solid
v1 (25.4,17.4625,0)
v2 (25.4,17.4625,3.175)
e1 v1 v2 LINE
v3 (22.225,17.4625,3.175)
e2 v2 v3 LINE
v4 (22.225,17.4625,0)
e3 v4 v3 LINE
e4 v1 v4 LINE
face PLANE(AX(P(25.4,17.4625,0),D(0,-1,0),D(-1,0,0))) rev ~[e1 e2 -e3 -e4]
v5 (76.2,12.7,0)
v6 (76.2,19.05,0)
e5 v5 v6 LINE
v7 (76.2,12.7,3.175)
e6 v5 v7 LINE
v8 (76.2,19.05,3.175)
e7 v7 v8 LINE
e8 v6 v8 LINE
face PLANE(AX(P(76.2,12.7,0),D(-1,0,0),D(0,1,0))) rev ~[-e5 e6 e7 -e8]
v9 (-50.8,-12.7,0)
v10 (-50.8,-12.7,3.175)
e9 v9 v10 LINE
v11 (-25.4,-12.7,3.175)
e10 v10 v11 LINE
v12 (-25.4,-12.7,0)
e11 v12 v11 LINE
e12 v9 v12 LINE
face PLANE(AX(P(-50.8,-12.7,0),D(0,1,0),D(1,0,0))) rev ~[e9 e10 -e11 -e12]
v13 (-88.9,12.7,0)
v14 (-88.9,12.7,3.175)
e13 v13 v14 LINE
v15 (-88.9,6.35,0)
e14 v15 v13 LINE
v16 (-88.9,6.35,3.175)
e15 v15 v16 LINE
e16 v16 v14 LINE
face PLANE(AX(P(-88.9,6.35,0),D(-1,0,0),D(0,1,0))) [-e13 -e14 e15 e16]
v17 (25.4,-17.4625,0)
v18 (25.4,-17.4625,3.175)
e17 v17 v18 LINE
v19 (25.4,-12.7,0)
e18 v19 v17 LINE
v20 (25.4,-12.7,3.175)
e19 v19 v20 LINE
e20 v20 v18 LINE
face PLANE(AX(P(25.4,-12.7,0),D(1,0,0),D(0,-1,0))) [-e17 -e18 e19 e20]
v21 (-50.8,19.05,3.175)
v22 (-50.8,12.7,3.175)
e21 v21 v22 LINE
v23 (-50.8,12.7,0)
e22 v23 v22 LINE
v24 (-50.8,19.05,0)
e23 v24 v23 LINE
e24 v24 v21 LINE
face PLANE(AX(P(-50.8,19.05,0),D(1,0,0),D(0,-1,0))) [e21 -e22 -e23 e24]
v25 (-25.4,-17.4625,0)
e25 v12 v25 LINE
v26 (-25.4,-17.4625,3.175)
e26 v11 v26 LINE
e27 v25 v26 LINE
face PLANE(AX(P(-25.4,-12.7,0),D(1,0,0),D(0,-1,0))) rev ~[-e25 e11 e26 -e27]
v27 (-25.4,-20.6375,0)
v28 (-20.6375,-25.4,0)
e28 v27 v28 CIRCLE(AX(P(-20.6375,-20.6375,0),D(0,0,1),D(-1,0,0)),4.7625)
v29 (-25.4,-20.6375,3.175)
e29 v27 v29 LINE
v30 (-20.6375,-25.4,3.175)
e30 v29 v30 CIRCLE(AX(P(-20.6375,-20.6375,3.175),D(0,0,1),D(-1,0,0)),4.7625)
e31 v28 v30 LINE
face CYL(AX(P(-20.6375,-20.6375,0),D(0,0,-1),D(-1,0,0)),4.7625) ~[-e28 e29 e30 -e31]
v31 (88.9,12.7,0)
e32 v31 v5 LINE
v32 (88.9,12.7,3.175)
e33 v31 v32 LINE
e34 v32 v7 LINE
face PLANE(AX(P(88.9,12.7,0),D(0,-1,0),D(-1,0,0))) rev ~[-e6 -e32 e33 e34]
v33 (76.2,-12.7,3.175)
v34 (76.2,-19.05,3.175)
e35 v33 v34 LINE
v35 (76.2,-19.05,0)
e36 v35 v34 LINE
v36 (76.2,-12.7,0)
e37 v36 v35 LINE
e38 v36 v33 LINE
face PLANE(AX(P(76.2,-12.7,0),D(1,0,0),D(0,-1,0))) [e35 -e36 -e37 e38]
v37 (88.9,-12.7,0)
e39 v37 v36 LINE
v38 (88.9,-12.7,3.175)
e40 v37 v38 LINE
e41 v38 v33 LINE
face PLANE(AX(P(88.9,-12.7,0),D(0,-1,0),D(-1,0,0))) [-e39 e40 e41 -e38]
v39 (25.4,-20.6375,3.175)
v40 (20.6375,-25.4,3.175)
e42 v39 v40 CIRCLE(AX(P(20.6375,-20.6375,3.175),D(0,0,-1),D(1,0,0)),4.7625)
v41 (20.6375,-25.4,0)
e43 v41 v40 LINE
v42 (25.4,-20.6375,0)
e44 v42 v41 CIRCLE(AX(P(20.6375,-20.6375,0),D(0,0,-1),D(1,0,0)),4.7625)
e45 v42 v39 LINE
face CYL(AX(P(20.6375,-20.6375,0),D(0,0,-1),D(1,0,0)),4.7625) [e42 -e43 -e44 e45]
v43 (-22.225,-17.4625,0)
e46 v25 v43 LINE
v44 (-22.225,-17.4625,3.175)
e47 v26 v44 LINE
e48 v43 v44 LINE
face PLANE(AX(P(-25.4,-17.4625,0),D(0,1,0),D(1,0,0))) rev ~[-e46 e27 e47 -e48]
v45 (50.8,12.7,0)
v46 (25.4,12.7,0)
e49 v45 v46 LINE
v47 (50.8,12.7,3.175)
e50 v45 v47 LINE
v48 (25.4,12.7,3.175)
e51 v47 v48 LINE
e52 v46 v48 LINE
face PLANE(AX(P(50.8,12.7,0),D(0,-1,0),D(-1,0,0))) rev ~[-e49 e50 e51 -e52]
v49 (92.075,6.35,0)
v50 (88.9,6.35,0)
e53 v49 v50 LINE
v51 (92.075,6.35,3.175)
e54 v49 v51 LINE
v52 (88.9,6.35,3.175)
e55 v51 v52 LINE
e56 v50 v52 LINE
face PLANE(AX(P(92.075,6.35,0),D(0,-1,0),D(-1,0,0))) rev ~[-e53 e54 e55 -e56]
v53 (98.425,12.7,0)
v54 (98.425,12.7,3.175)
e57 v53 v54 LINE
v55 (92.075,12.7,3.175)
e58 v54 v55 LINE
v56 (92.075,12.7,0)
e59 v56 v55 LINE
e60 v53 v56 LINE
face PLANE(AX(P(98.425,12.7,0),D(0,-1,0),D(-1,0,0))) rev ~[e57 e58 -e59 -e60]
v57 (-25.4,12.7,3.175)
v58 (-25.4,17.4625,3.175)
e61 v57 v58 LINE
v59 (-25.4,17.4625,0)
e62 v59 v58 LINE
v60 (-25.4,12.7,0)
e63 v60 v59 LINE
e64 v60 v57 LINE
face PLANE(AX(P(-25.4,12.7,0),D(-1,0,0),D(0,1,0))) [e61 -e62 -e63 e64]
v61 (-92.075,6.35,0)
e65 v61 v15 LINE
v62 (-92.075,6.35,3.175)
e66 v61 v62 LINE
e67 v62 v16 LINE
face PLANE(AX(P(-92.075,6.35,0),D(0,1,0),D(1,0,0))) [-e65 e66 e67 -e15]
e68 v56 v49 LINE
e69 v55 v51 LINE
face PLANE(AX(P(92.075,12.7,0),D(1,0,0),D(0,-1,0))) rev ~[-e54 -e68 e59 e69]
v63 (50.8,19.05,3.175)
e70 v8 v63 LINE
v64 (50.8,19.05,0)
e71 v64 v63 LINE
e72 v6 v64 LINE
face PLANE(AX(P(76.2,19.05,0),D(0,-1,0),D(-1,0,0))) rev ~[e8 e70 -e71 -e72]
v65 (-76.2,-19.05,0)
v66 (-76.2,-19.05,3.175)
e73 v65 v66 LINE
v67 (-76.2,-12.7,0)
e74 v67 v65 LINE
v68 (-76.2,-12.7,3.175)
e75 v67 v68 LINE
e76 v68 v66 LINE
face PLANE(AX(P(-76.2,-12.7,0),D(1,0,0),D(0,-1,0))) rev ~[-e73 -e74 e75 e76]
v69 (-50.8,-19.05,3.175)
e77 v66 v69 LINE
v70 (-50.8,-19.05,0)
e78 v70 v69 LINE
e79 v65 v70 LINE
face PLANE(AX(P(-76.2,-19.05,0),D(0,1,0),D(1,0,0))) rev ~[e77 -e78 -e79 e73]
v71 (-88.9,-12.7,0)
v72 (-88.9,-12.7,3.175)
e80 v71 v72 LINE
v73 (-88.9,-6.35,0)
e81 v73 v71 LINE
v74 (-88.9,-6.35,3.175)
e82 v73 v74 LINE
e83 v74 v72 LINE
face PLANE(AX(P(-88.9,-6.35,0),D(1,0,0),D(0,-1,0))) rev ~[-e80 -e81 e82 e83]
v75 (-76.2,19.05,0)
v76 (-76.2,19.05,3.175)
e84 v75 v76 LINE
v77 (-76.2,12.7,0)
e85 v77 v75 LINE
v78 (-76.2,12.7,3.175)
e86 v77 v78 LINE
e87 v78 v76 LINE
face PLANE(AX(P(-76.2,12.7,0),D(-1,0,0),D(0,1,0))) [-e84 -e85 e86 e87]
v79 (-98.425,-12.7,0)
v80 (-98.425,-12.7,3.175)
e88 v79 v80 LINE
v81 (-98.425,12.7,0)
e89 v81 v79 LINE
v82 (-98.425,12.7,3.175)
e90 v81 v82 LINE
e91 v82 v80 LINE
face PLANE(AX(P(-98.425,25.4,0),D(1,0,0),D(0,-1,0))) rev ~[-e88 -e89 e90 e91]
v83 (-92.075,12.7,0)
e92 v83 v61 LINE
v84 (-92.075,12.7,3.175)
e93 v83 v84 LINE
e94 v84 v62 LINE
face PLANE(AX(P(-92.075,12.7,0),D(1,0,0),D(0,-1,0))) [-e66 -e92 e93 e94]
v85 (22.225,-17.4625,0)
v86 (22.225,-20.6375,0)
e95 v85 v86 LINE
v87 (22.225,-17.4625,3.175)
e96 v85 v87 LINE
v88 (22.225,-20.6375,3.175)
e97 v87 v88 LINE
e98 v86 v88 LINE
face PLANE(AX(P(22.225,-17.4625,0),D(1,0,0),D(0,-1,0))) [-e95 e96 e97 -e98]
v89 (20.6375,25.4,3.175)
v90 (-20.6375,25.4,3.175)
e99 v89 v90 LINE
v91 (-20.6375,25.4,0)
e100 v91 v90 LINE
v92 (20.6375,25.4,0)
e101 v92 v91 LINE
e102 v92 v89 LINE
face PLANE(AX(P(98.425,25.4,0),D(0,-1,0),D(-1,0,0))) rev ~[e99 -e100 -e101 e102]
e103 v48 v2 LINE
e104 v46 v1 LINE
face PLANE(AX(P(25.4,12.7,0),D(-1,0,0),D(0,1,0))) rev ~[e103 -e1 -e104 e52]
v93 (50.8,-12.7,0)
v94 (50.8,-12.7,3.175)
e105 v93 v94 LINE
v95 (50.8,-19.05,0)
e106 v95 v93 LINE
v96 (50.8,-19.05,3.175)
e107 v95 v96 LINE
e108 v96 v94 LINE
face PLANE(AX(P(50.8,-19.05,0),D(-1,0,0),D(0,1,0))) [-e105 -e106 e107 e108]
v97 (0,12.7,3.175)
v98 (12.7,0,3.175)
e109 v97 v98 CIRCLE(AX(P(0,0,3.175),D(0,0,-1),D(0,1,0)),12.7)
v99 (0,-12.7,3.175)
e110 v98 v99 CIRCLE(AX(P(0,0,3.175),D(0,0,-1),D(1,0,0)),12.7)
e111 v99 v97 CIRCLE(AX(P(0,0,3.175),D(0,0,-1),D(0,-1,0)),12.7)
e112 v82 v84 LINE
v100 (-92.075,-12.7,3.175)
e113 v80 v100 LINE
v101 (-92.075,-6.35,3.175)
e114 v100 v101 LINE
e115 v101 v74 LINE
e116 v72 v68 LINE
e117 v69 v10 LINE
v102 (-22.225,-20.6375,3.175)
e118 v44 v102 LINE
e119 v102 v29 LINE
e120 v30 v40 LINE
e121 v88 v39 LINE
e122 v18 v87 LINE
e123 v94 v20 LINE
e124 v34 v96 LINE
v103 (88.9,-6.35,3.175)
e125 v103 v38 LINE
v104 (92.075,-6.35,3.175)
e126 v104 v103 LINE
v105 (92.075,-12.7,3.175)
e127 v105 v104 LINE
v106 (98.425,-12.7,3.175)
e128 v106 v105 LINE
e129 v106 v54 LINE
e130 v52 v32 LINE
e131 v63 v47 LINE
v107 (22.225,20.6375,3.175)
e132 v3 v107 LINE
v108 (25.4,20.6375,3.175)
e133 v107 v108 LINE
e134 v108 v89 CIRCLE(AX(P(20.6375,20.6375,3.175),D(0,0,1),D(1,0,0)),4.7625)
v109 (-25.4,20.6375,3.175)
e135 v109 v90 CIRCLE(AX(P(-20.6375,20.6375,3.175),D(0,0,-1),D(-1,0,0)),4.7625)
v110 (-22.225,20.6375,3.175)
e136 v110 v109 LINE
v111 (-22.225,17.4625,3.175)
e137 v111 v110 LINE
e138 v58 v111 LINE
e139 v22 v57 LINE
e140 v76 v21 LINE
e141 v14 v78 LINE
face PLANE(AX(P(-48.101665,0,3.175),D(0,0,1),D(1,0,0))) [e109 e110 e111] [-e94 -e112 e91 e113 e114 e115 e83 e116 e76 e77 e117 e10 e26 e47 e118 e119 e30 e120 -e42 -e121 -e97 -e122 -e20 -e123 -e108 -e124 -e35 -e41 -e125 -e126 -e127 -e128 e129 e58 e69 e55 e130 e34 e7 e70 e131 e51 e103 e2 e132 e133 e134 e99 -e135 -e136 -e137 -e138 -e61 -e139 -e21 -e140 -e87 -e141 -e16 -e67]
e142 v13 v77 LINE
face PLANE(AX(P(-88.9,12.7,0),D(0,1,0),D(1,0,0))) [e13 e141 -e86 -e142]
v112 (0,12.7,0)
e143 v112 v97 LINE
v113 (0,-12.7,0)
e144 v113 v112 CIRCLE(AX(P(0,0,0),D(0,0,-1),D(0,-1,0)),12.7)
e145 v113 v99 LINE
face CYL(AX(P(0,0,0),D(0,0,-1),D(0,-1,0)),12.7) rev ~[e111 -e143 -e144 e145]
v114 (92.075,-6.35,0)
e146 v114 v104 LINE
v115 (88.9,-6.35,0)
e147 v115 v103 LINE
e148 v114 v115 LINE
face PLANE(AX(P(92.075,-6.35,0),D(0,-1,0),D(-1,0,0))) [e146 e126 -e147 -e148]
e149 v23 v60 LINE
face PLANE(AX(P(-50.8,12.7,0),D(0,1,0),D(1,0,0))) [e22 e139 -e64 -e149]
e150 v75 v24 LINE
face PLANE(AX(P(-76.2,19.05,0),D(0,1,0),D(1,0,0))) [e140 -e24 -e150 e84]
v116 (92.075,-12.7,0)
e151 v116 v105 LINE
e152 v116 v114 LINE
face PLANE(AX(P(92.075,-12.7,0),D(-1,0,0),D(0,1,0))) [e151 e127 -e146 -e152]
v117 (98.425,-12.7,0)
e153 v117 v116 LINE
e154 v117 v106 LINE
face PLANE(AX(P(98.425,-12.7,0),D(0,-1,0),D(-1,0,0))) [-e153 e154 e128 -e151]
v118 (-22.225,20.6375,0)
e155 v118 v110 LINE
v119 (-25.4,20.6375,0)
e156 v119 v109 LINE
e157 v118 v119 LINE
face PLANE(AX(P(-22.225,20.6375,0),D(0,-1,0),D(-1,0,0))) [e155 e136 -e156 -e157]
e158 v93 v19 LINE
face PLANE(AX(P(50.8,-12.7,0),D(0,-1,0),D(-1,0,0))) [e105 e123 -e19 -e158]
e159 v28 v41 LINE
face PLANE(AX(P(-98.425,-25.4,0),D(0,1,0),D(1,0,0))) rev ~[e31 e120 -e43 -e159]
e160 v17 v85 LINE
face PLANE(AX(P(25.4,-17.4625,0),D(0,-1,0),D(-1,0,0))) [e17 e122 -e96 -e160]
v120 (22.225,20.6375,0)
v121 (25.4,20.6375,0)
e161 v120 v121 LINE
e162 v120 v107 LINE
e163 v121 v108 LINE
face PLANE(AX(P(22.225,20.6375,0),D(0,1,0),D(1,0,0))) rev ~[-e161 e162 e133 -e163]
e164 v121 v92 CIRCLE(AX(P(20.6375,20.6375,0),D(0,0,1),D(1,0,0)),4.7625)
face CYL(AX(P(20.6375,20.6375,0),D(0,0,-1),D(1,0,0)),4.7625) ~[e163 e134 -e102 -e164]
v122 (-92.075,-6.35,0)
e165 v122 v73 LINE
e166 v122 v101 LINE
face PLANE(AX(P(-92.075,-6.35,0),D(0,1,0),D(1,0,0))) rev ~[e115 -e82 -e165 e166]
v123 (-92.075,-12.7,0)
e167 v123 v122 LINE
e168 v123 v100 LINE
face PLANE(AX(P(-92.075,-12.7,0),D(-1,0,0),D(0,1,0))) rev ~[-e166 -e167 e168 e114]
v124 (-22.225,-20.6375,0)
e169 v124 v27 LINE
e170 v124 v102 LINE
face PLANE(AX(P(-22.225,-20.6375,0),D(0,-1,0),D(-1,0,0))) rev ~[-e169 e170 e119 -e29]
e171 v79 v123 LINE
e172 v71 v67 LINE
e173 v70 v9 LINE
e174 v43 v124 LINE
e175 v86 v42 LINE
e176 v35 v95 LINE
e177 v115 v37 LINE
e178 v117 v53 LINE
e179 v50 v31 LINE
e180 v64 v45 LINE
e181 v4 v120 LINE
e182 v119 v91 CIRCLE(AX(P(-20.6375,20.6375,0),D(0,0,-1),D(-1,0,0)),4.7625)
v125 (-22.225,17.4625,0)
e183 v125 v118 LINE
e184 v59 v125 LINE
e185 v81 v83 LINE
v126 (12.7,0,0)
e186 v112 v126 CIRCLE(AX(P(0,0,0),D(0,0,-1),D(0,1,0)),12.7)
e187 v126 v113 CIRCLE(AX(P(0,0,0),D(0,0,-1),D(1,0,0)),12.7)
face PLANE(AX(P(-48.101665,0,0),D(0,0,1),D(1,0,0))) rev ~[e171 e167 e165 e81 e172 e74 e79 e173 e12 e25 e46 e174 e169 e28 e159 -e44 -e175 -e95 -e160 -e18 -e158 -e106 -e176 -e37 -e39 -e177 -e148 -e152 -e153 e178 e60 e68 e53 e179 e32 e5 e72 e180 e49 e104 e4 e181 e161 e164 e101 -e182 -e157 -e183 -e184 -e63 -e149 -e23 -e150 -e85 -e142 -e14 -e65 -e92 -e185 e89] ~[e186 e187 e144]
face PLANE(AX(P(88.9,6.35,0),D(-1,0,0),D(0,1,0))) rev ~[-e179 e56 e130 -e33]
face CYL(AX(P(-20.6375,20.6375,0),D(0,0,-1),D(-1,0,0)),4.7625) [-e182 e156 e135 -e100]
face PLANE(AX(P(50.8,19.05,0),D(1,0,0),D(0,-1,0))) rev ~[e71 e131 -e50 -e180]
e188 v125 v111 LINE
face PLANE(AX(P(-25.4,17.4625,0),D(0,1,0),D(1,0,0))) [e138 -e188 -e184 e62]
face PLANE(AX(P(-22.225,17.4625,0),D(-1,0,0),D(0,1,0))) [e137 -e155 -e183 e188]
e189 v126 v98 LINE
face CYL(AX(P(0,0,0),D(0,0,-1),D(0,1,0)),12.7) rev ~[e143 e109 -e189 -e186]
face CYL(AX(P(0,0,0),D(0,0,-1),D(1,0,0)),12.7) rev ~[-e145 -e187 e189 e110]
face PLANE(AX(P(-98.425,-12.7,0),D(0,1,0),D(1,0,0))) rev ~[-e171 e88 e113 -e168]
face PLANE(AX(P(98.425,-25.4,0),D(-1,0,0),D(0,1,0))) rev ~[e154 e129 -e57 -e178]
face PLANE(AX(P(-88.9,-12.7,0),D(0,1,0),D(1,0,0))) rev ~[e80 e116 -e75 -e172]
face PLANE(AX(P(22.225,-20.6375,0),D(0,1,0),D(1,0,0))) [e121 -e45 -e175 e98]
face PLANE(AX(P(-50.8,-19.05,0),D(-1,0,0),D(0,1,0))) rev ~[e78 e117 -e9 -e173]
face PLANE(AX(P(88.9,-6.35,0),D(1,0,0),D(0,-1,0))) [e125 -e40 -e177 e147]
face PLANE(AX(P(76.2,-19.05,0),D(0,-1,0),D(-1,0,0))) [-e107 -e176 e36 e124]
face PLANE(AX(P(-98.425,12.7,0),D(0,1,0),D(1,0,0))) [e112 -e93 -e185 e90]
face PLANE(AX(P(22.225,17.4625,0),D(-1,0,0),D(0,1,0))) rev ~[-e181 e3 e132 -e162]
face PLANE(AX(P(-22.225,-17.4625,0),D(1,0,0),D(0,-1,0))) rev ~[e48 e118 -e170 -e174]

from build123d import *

# Parameters (mm, degrees)
BOSS_EXTRUDE1_DEPTH = 3.175
CUT_EXTRUDE3_DEPTH  = 3.175


with BuildPart() as part:
    # Sketch2 → Boss-Extrude1 (new body)
    with BuildSketch(Plane.XY):
        with BuildLine():
            Line((0, 12.7), (0, 25.4))
            Line((0, 25.4), (-98.425, 25.4))
            Line((-98.425, 25.4), (-98.425, -25.4))
            Line((-98.425, -25.4), (0, -25.4))
            Line((0, -25.4), (0, -12.7))
            ThreePointArc((0, -12.7), (-12.7, 0), (0, 12.7))
        make_face()
        with BuildLine():
            Line((98.425, 25.4), (0, 25.4))
            Line((0, 25.4), (0, 12.7))
            ThreePointArc((0, 12.7), (8.980256121, 8.980256121), (12.7, 0))
            ThreePointArc((12.7, 0), (8.980256121, -8.980256121), (0, -12.7))
            Line((0, -12.7), (0, -25.4))
            Line((0, -25.4), (98.425, -25.4))
            Line((98.425, -25.4), (98.425, 25.4))
        make_face()
    extrude(amount=BOSS_EXTRUDE1_DEPTH)

    # Sketch6 → Cut-Extrude3 (cut)
    with BuildSketch(Plane.XY):
        with BuildLine():
            Line((-22.225, 20.6375), (-25.4, 20.6375))
            ThreePointArc((-25.4, 20.6375), (-24.005096045, 24.005096045), (-20.6375, 25.4))
            Line((-20.6375, 25.4), (-25.4, 25.4))
            Line((-25.4, 25.4), (-98.425, 25.4))
            Line((-98.425, 25.4), (-98.425, 12.7))
            Line((-98.425, 12.7), (-92.075, 12.7))
            Line((-92.075, 12.7), (-92.075, 6.35))
            Line((-92.075, 6.35), (-88.9, 6.35))
            Line((-88.9, 6.35), (-88.9, 12.7))
            Line((-88.9, 12.7), (-76.2, 12.7))
            Line((-76.2, 12.7), (-76.2, 19.05))
            Line((-76.2, 19.05), (-50.8, 19.05))
            Line((-50.8, 19.05), (-50.8, 12.7))
            Line((-50.8, 12.7), (-25.4, 12.7))
            Line((-25.4, 12.7), (-25.4, 17.4625))
            Line((-25.4, 17.4625), (-22.225, 17.4625))
            Line((-22.225, 17.4625), (-22.225, 20.6375))
        make_face()
        with BuildLine():
            ThreePointArc((25.4, 20.6375), (24.005096045, 24.005096045), (20.6375, 25.4))
            Line((20.6375, 25.4), (25.4, 25.4))
            Line((25.4, 25.4), (98.425, 25.4))
            Line((98.425, 25.4), (98.425, 12.7))
            Line((98.425, 12.7), (92.075, 12.7))
            Line((92.075, 12.7), (92.075, 6.35))
            Line((92.075, 6.35), (88.9, 6.35))
            Line((88.9, 6.35), (88.9, 12.7))
            Line((88.9, 12.7), (76.2, 12.7))
            Line((76.2, 12.7), (76.2, 19.05))
            Line((76.2, 19.05), (50.8, 19.05))
            Line((50.8, 19.05), (50.8, 12.7))
            Line((50.8, 12.7), (25.4, 12.7))
            Line((25.4, 12.7), (25.4, 17.4625))
            Line((25.4, 17.4625), (22.225, 17.4625))
            Line((22.225, 17.4625), (22.225, 20.6375))
            Line((22.225, 20.6375), (25.4, 20.6375))
        make_face()
        with BuildLine():
            ThreePointArc((-25.4, -20.6375), (-24.005096045, -24.005096045), (-20.6375, -25.4))
            Line((-20.6375, -25.4), (-25.4, -25.4))
            Line((-25.4, -25.4), (-98.425, -25.4))
            Line((-98.425, -25.4), (-98.425, -12.7))
            Line((-98.425, -12.7), (-92.075, -12.7))
            Line((-92.075, -12.7), (-92.075, -6.35))
            Line((-92.075, -6.35), (-88.9, -6.35))
            Line((-88.9, -6.35), (-88.9, -12.7))
            Line((-88.9, -12.7), (-76.2, -12.7))
            Line((-76.2, -12.7), (-76.2, -19.05))
            Line((-76.2, -19.05), (-50.8, -19.05))
            Line((-50.8, -19.05), (-50.8, -12.7))
            Line((-50.8, -12.7), (-25.4, -12.7))
            Line((-25.4, -12.7), (-25.4, -17.4625))
            Line((-25.4, -17.4625), (-22.225, -17.4625))
            Line((-22.225, -17.4625), (-22.225, -20.6375))
            Line((-22.225, -20.6375), (-25.4, -20.6375))
        make_face()
        with BuildLine():
            Line((22.225, -20.6375), (25.4, -20.6375))
            ThreePointArc((25.4, -20.6375), (24.005096045, -24.005096045), (20.6375, -25.4))
            Line((20.6375, -25.4), (25.4, -25.4))
            Line((25.4, -25.4), (98.425, -25.4))
            Line((98.425, -25.4), (98.425, -12.7))
            Line((98.425, -12.7), (92.075, -12.7))
            Line((92.075, -12.7), (92.075, -6.35))
            Line((92.075, -6.35), (88.9, -6.35))
            Line((88.9, -6.35), (88.9, -12.7))
            Line((88.9, -12.7), (76.2, -12.7))
            Line((76.2, -12.7), (76.2, -19.05))
            Line((76.2, -19.05), (50.8, -19.05))
            Line((50.8, -19.05), (50.8, -12.7))
            Line((50.8, -12.7), (25.4, -12.7))
            Line((25.4, -12.7), (25.4, -17.4625))
            Line((25.4, -17.4625), (22.225, -17.4625))
            Line((22.225, -17.4625), (22.225, -20.6375))
        make_face()
    extrude(amount=CUT_EXTRUDE3_DEPTH, mode=Mode.SUBTRACT)


solid = part.part
